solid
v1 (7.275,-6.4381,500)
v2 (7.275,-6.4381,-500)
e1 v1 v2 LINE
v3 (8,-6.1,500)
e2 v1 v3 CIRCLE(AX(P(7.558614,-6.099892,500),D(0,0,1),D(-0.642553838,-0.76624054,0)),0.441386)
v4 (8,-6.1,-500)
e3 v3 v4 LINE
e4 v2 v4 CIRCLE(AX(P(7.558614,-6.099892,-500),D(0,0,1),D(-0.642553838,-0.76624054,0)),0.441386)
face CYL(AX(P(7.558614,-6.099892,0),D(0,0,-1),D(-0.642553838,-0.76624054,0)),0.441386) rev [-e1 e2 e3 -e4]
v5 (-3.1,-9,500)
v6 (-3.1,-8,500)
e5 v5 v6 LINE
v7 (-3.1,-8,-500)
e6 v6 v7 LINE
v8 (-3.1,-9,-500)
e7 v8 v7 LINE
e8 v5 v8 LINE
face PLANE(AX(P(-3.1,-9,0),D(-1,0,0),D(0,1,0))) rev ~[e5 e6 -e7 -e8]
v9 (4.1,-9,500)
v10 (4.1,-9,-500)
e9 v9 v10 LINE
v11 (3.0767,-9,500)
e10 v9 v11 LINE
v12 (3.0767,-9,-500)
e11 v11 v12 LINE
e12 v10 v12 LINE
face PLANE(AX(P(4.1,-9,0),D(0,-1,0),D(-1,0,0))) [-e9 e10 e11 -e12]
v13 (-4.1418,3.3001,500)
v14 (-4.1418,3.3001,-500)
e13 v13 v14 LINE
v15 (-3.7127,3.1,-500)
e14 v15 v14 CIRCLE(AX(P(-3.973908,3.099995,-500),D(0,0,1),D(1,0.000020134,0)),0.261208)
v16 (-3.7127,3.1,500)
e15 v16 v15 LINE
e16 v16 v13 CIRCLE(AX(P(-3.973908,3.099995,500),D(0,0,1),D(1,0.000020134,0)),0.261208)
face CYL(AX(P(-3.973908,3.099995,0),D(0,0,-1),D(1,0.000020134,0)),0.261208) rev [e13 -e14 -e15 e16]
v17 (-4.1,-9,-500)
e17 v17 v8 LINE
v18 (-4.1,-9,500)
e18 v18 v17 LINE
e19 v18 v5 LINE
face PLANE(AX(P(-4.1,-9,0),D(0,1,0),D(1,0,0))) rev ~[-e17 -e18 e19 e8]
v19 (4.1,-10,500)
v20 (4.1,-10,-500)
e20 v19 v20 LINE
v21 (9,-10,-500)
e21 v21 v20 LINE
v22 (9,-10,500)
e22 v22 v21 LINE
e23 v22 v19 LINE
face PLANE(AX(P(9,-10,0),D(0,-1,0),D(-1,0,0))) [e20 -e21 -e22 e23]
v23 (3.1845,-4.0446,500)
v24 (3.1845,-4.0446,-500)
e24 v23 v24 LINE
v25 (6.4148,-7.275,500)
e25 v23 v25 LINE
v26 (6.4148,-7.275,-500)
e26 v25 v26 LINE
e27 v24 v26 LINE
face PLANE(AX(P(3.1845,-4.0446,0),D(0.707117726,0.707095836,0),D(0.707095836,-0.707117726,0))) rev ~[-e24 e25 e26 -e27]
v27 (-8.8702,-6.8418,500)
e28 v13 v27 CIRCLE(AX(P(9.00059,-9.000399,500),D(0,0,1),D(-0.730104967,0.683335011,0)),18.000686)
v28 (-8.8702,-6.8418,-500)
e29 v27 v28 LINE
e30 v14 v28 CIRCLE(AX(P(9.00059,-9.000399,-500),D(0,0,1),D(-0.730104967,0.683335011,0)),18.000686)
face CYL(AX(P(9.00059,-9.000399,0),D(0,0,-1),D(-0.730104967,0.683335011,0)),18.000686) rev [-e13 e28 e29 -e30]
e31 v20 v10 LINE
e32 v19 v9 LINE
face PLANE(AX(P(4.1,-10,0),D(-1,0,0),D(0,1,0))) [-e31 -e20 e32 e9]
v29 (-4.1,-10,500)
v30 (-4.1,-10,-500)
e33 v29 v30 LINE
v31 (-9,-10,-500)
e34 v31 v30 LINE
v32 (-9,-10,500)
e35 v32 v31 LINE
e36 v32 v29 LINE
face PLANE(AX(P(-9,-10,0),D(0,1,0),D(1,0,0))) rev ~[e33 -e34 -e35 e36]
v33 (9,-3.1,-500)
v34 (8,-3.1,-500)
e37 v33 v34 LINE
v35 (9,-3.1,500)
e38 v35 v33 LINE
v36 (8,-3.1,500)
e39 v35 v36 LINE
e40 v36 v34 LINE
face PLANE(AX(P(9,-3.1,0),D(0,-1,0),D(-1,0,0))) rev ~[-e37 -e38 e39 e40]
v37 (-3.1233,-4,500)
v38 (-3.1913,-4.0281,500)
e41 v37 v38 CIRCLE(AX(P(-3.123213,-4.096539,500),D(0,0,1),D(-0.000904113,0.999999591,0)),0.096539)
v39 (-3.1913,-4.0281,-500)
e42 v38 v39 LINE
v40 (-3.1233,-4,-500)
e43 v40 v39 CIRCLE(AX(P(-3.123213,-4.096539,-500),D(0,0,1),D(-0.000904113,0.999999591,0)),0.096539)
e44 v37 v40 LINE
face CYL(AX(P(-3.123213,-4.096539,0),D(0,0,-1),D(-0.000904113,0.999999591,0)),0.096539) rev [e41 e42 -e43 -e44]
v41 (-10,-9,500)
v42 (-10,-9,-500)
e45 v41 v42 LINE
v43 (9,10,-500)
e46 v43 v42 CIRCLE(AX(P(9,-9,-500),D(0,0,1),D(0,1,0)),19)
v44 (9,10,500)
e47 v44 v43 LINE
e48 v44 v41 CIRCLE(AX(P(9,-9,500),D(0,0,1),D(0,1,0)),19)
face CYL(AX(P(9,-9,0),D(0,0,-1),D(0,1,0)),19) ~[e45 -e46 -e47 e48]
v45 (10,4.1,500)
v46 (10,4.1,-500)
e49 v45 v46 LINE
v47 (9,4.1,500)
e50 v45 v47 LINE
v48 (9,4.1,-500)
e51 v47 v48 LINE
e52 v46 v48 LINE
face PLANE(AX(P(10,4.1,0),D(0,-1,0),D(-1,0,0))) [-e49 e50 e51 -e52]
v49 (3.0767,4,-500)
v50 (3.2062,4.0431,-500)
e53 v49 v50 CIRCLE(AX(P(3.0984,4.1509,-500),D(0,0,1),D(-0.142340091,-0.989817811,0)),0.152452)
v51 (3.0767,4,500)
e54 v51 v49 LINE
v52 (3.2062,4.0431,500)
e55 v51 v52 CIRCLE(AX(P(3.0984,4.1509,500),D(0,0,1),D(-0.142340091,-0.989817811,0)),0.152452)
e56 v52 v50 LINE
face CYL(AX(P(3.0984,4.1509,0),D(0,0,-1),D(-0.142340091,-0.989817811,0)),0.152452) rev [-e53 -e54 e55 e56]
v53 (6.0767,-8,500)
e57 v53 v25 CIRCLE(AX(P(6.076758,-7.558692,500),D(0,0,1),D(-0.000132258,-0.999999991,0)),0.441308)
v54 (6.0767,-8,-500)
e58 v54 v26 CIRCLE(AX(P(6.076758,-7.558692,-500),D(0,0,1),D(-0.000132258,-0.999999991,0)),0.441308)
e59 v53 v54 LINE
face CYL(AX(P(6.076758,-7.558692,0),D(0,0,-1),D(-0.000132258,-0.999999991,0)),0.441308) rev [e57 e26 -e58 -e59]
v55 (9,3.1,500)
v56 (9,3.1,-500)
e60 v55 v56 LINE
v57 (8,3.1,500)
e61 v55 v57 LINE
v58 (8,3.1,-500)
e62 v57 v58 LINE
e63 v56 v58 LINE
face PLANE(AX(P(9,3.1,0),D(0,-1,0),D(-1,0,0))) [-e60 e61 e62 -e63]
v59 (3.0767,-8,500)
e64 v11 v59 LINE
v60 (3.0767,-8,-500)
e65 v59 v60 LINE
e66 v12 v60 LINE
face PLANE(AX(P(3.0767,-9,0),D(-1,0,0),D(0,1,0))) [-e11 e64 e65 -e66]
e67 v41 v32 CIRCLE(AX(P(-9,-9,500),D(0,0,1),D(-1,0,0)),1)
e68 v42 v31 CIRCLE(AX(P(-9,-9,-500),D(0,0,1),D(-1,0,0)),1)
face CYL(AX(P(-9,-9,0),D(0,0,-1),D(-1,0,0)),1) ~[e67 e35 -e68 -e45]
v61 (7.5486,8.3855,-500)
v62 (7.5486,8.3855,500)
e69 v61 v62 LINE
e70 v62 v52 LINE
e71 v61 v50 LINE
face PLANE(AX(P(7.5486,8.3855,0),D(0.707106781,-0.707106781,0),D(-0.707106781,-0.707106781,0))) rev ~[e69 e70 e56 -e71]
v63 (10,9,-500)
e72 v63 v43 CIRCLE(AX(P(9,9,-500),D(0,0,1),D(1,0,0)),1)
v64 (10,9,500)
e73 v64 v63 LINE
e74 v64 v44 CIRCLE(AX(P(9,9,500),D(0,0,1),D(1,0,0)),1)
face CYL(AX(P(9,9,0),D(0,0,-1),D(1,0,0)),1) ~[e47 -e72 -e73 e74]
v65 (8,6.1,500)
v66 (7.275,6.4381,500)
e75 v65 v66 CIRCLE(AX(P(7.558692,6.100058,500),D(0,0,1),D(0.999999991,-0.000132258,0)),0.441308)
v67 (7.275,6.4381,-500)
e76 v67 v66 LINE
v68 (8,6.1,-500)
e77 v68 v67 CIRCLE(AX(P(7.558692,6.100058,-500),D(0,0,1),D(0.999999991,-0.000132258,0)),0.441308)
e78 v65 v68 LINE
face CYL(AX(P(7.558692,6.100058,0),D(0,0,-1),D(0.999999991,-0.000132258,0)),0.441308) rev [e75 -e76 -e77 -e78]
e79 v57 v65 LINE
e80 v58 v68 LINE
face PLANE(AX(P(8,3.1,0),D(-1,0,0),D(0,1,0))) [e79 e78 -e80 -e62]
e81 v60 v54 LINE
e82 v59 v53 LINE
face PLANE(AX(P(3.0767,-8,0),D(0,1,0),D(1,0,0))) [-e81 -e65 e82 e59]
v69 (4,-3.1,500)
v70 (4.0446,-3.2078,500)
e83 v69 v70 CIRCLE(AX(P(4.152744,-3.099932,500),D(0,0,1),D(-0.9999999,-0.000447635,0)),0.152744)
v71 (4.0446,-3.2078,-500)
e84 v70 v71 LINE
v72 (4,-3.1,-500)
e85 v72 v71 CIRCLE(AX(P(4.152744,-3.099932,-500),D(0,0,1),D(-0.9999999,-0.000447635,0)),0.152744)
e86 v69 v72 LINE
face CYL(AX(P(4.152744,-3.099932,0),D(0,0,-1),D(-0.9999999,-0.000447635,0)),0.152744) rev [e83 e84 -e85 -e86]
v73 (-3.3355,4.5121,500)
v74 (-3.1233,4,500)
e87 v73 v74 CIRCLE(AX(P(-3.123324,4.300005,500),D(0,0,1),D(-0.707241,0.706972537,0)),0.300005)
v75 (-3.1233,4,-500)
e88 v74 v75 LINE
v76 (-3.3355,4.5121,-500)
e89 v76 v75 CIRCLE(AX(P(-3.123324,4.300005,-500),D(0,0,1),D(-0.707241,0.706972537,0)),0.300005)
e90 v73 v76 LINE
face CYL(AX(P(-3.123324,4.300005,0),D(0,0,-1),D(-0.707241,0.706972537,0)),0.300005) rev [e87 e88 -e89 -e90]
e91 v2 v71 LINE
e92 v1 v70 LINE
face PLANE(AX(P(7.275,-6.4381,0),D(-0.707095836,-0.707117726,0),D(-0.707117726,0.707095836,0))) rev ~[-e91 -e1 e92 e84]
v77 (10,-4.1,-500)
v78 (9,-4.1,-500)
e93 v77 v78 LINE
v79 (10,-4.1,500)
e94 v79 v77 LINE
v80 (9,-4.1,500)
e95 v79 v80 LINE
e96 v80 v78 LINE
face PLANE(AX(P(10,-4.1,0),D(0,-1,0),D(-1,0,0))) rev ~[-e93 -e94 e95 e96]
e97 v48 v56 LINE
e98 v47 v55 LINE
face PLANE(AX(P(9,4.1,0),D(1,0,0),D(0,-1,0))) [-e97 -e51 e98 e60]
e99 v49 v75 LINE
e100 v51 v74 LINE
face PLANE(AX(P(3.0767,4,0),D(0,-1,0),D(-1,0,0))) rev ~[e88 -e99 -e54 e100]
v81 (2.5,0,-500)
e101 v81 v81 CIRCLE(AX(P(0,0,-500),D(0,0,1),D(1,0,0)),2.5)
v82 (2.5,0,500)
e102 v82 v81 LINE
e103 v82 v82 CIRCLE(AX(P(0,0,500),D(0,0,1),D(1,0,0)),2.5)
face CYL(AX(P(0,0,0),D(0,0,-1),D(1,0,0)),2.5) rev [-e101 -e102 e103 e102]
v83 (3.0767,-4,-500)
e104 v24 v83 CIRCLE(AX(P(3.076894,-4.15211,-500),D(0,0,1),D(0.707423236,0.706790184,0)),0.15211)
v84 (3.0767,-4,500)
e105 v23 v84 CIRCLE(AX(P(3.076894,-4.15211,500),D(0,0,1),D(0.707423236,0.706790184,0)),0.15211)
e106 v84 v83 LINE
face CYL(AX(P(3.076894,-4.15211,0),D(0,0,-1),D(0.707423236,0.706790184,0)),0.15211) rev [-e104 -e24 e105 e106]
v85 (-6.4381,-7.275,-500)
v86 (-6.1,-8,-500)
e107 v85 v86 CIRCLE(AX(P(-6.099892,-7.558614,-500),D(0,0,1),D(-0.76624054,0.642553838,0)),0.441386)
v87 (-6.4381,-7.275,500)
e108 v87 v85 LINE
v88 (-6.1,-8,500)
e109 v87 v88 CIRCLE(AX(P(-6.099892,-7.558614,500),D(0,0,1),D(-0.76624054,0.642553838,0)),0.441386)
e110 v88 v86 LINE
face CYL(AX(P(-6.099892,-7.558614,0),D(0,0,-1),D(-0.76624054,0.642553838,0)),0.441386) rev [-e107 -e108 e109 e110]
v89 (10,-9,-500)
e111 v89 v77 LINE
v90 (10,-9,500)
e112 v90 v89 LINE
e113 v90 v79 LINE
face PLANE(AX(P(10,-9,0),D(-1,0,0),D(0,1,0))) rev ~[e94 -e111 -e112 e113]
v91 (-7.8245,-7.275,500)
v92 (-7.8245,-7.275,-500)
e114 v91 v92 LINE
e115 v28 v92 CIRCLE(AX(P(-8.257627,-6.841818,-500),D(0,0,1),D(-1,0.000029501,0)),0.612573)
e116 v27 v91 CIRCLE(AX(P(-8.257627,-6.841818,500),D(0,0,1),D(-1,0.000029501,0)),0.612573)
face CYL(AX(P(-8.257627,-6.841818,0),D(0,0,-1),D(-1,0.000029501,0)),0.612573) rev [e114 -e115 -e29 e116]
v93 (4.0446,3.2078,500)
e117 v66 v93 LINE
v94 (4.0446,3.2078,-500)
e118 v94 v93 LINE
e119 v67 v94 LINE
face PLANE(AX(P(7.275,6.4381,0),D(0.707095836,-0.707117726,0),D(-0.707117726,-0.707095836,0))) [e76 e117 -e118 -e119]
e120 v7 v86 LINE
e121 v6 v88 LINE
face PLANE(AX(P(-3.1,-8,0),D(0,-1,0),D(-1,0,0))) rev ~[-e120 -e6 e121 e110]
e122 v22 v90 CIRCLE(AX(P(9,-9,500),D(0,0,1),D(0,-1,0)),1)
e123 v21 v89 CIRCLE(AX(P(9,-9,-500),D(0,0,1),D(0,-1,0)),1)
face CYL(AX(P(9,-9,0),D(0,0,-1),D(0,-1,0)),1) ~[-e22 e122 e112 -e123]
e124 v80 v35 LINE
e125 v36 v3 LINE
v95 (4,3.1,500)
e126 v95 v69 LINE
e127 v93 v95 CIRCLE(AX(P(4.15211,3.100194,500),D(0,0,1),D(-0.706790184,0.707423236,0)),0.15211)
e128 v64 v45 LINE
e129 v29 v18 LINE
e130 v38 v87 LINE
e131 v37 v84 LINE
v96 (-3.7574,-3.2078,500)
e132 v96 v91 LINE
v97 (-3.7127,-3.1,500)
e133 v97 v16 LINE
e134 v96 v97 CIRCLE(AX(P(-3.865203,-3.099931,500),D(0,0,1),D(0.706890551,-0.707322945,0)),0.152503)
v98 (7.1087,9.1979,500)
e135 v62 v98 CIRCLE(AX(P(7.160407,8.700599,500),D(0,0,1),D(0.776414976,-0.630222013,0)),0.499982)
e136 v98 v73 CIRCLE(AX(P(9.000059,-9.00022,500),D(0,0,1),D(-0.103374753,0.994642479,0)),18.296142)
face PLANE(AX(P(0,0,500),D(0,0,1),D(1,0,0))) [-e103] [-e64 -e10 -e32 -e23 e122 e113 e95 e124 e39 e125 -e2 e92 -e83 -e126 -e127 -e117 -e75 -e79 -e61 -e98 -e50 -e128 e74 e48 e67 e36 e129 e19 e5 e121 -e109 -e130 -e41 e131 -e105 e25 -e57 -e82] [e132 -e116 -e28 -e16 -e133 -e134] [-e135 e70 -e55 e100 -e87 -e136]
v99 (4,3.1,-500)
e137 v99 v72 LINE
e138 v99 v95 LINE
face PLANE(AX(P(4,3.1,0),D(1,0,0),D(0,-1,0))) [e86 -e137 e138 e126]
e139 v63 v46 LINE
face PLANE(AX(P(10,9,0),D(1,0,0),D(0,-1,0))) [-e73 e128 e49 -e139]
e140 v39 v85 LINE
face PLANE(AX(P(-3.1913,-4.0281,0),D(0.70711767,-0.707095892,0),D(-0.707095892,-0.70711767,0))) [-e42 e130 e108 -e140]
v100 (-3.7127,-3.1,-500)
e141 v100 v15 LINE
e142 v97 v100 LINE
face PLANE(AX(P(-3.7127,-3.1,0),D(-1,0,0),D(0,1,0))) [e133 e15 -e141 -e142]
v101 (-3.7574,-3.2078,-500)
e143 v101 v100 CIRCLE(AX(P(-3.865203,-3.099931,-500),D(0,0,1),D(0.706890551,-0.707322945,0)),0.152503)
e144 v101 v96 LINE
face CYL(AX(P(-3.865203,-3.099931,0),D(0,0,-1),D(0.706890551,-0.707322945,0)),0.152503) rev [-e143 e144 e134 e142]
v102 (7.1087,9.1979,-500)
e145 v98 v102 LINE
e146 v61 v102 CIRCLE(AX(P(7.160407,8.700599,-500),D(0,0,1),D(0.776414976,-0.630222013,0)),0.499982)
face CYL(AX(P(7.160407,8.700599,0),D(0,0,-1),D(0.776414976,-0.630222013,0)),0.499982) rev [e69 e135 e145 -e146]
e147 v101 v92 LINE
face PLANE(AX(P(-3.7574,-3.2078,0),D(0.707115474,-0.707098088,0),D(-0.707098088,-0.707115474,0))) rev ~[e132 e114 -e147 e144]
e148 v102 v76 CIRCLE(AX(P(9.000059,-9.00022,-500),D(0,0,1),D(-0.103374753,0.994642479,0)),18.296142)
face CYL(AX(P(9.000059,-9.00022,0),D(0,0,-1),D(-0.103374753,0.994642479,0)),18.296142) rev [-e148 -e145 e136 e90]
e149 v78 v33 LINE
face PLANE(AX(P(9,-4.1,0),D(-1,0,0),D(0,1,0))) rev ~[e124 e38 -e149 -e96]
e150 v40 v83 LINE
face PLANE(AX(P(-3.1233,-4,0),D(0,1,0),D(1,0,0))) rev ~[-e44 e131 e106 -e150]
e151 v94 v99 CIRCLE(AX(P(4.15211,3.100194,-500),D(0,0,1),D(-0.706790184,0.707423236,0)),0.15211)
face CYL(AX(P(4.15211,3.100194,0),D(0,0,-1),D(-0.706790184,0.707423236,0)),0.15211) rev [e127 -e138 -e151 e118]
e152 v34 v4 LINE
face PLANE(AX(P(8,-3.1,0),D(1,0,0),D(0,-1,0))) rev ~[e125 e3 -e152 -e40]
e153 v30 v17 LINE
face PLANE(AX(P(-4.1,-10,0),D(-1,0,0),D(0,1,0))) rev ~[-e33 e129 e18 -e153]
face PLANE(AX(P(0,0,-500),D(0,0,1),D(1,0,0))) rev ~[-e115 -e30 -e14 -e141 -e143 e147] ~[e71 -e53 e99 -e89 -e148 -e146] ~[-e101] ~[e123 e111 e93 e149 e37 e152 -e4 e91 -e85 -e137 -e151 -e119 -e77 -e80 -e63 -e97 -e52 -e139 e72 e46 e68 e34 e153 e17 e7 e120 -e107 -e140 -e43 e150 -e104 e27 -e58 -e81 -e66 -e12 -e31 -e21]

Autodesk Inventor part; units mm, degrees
ref_plane "YZ Plane" through (0, 0, 0) normal (1, 0, 0) x (0, 1, 0)
ref_plane "XZ Plane" through (0, 0, 0) normal (0, 1, 0) x (-1, 0, 0)
ref_plane "XY Plane" through (0, 0, 0) normal (0, 0, 1) x (1, 0, 0)
sketch "Esboço1" plane through (0, 0, 0) normal (0, 0, 1) x (1, 0, 0)
  line L0 (-10, 10) -> (10, 10) construction
  line L1 (10, 10) -> (10, -10) construction
  line L2 (10, -10) -> (-10, -10) construction
  line L3 (-10, -10) -> (-10, 10) construction
  line L4 (-10, 10) -> (10, -10) construction
  line L5 (10, 10) -> (-10, -10) construction
  circle A0 centre (0, 0) radius 2.5
  line L6 (10, 10) -> (1.7678, 1.7678) construction
  line L7 (1.7678, -1.7678) -> (10, -10) construction
  line L8 (-1.7678, -1.7678) -> (-10, -10) construction
  line L9 (-10, 10) -> (-1.7678, 1.7678) construction
  line L10 (4, 3.1) -> (4, -3.1) construction
  line L11 (-3.1, -5.0193) -> (3.1, -5.0193) construction
  line L12 (3.1, -5.0193) -> (10, -5.0193) construction
  line L13 (-3.1, -5.0193) -> (-10, -5.0193) construction
  line L14 (3.6312, 10) -> (10, 10) construction
  line L15 (3.6312, 10) -> (10, 10) construction
  line L16 (4, 3.1) -> (4, -3.1)
  line L17 (10, 9) -> (10, 4.1)
  line L18 (10, 4.1) -> (9, 4.1)
  line L19 (9, 4.1) -> (9, 3.1)
  line L20 (9, 3.1) -> (8, 3.1)
  line L21 (8, 3.1) -> (8, 6.1)
  arc A1 (8, 6.1) -> (7.275, 6.4381) centre (7.5586, 6.1) ccw
  line L22 (7.275, 6.4381) -> (4.0446, 3.2078)
  arc A2 (4.0446, 3.2078) -> (4, 3.1) centre (4.1524, 3.1) ccw
  line L23 (10, -9) -> (10, -4.1)
  line L24 (10, -4.1) -> (9, -4.1)
  line L25 (9, -4.1) -> (9, -3.1)
  line L26 (9, -3.1) -> (8, -3.1)
  line L27 (8, -3.1) -> (8, -6.1)
  arc A3 (7.275, -6.4381) -> (8, -6.1) centre (7.5586, -6.1) ccw
  arc A4 (4, -3.1) -> (4.0446, -3.2078) centre (4.1524, -3.1) ccw
  line L28 (7.275, -6.4381) -> (4.0446, -3.2078)
  arc A5 (9, -10) -> (10, -9) centre (9, -9) ccw
  arc A6 (10, 9) -> (9, 10) centre (9, 9) ccw
  line L29 (9, -10) -> (4.1, -10)
  line L30 (4.1, -10) -> (4.1, -9)
  line L31 (4.1, -9) -> (3.0767, -9)
  line L32 (3.0767, -9) -> (3.0767, -8)
  line L33 (3.0767, -8) -> (6.0767, -8)
  arc A7 (6.0767, -8) -> (6.4148, -7.275) centre (6.0767, -7.5586) ccw
  line L34 (-3.1233, -4) -> (3.0767, -4)
  arc A8 (3.1845, -4.0446) -> (3.0767, -4) centre (3.0767, -4.1524) ccw
  line L35 (3.1845, -4.0446) -> (6.4148, -7.275)
  arc A9 (-3.1233, -4) -> (-3.1913, -4.0281) centre (-3.1233, -4.0961) ccw
  line L36 (-9, -10) -> (-4.1, -10)
  line L37 (-4.1, -10) -> (-4.1, -9)
  line L38 (-4.1, -9) -> (-3.1, -9)
  line L39 (-3.1, -9) -> (-3.1, -8)
  line L40 (-3.1, -8) -> (-6.1, -8)
  arc A10 (-6.4381, -7.275) -> (-6.1, -8) centre (-6.1, -7.5586) ccw
  line L41 (-3.1913, -4.0281) -> (-6.4381, -7.275)
  arc A11 (-10, -9) -> (-9, -10) centre (-9, -9) ccw
  arc A12 (9, 10) -> (-10, -9) centre (9, -9) ccw
  line L42 (-3.7574, -3.2078) -> (-7.8245, -7.275)
  arc A13 (-3.7574, -3.2078) -> (-3.7127, -3.1) centre (-3.8651, -3.1) ccw
  line L43 (-3.7127, -3.1) -> (-3.7127, 3.1)
  line L44 (7.5486, 8.3855) -> (3.2062, 4.0431)
  arc A14 (-4.1418, 3.3001) -> (-8.8702, -6.8418) centre (9, -9) ccw
  arc A15 (-8.8702, -6.8418) -> (-7.8245, -7.275) centre (-8.2576, -6.8418) ccw
  arc A16 (-3.7127, 3.1) -> (-4.1418, 3.3001) centre (-3.9739, 3.1) ccw
  line L45 (3.0767, 4) -> (-3.1233, 4)
  arc A17 (3.0767, 4) -> (3.2062, 4.0431) centre (3.0984, 4.1509) ccw
  arc A18 (-3.3355, 4.5121) -> (-3.1233, 4) centre (-3.1233, 4.3) ccw
  arc A19 (7.1087, 9.1979) -> (-3.3355, 4.5121) centre (9, -9) ccw
  arc A20 (7.5486, 8.3855) -> (7.1087, 9.1979) centre (7.1604, 8.7006) ccw
  point P0 (4, 0)
  point P1 (4, 0)
  point P2 (8.5, 3.1)
  point P3 (7.7452, 6.5)
  point P4 (7.7452, -6.5)
  point P5 (9.7071, -9.7071)
  point P6 (9.7071, 9.7071)
  point P7 (-6.55, -10)
  point P8 (6.55, -10)
  point P9 (-4.435, 4.435)
  point P10 (-3.7127, 0)
  point P11 (-8.492, -7.4077)
  point P12 (-3.8635, 3.3367)
  point P13 (-0.0233, 4)
  point P14 (-0.0233, -4)
  point P15 (-3.4005, 4.1852)
  point P16 (7.6001, 8.9387)
  dimension "d0" = 20
  dimension "d1" = 20
  dimension "d3" = 5
  dimension "d34" = 1
  dimension "d35" = 1
  dimension "d36" = 2
  dimension "d37" = 130
  dimension "d38" = 6
  dimension "d39" = 6.9
  dimension "d41" = 4.9
  dimension "d42" = 4.9
  dimension "d47" = 45
  dimension "d49" = 3
  dimension "d51" = 13
  dimension "d52" = 4.9
  dimension "d56" = 90
  dimension "d57" = 1
  dimension "d58" = 3
  dimension "d59" = 130
  dimension "d62" = 45
  dimension "d63" = 1.2
  dimension "d64" = 45
  dimension "d65" = 4.9
  dimension "d66" = 1
  dimension "d67" = 1
  dimension "d68" = 1
  dimension "d70" = 3
  dimension "d71" = 130
  dimension "d73" = 90
  dimension "d74" = 19
  dimension "d75" = 6.2
  dimension "d80" = 45
  dimension "d94" = 18
  dimension "d96" = 135
  dimension "d98" = 130
  dimension "d99" = 10.7445
  dimension "d101" = 8
  dimension "d104" = 135
  dimension "d110" = 135
  dimension "d114" = 0.3
extrude "Extrusão1" add sketch "Esboço1" along normal mid plane 1000
properties part number "Ext_003" material "Aço galvanizado"
